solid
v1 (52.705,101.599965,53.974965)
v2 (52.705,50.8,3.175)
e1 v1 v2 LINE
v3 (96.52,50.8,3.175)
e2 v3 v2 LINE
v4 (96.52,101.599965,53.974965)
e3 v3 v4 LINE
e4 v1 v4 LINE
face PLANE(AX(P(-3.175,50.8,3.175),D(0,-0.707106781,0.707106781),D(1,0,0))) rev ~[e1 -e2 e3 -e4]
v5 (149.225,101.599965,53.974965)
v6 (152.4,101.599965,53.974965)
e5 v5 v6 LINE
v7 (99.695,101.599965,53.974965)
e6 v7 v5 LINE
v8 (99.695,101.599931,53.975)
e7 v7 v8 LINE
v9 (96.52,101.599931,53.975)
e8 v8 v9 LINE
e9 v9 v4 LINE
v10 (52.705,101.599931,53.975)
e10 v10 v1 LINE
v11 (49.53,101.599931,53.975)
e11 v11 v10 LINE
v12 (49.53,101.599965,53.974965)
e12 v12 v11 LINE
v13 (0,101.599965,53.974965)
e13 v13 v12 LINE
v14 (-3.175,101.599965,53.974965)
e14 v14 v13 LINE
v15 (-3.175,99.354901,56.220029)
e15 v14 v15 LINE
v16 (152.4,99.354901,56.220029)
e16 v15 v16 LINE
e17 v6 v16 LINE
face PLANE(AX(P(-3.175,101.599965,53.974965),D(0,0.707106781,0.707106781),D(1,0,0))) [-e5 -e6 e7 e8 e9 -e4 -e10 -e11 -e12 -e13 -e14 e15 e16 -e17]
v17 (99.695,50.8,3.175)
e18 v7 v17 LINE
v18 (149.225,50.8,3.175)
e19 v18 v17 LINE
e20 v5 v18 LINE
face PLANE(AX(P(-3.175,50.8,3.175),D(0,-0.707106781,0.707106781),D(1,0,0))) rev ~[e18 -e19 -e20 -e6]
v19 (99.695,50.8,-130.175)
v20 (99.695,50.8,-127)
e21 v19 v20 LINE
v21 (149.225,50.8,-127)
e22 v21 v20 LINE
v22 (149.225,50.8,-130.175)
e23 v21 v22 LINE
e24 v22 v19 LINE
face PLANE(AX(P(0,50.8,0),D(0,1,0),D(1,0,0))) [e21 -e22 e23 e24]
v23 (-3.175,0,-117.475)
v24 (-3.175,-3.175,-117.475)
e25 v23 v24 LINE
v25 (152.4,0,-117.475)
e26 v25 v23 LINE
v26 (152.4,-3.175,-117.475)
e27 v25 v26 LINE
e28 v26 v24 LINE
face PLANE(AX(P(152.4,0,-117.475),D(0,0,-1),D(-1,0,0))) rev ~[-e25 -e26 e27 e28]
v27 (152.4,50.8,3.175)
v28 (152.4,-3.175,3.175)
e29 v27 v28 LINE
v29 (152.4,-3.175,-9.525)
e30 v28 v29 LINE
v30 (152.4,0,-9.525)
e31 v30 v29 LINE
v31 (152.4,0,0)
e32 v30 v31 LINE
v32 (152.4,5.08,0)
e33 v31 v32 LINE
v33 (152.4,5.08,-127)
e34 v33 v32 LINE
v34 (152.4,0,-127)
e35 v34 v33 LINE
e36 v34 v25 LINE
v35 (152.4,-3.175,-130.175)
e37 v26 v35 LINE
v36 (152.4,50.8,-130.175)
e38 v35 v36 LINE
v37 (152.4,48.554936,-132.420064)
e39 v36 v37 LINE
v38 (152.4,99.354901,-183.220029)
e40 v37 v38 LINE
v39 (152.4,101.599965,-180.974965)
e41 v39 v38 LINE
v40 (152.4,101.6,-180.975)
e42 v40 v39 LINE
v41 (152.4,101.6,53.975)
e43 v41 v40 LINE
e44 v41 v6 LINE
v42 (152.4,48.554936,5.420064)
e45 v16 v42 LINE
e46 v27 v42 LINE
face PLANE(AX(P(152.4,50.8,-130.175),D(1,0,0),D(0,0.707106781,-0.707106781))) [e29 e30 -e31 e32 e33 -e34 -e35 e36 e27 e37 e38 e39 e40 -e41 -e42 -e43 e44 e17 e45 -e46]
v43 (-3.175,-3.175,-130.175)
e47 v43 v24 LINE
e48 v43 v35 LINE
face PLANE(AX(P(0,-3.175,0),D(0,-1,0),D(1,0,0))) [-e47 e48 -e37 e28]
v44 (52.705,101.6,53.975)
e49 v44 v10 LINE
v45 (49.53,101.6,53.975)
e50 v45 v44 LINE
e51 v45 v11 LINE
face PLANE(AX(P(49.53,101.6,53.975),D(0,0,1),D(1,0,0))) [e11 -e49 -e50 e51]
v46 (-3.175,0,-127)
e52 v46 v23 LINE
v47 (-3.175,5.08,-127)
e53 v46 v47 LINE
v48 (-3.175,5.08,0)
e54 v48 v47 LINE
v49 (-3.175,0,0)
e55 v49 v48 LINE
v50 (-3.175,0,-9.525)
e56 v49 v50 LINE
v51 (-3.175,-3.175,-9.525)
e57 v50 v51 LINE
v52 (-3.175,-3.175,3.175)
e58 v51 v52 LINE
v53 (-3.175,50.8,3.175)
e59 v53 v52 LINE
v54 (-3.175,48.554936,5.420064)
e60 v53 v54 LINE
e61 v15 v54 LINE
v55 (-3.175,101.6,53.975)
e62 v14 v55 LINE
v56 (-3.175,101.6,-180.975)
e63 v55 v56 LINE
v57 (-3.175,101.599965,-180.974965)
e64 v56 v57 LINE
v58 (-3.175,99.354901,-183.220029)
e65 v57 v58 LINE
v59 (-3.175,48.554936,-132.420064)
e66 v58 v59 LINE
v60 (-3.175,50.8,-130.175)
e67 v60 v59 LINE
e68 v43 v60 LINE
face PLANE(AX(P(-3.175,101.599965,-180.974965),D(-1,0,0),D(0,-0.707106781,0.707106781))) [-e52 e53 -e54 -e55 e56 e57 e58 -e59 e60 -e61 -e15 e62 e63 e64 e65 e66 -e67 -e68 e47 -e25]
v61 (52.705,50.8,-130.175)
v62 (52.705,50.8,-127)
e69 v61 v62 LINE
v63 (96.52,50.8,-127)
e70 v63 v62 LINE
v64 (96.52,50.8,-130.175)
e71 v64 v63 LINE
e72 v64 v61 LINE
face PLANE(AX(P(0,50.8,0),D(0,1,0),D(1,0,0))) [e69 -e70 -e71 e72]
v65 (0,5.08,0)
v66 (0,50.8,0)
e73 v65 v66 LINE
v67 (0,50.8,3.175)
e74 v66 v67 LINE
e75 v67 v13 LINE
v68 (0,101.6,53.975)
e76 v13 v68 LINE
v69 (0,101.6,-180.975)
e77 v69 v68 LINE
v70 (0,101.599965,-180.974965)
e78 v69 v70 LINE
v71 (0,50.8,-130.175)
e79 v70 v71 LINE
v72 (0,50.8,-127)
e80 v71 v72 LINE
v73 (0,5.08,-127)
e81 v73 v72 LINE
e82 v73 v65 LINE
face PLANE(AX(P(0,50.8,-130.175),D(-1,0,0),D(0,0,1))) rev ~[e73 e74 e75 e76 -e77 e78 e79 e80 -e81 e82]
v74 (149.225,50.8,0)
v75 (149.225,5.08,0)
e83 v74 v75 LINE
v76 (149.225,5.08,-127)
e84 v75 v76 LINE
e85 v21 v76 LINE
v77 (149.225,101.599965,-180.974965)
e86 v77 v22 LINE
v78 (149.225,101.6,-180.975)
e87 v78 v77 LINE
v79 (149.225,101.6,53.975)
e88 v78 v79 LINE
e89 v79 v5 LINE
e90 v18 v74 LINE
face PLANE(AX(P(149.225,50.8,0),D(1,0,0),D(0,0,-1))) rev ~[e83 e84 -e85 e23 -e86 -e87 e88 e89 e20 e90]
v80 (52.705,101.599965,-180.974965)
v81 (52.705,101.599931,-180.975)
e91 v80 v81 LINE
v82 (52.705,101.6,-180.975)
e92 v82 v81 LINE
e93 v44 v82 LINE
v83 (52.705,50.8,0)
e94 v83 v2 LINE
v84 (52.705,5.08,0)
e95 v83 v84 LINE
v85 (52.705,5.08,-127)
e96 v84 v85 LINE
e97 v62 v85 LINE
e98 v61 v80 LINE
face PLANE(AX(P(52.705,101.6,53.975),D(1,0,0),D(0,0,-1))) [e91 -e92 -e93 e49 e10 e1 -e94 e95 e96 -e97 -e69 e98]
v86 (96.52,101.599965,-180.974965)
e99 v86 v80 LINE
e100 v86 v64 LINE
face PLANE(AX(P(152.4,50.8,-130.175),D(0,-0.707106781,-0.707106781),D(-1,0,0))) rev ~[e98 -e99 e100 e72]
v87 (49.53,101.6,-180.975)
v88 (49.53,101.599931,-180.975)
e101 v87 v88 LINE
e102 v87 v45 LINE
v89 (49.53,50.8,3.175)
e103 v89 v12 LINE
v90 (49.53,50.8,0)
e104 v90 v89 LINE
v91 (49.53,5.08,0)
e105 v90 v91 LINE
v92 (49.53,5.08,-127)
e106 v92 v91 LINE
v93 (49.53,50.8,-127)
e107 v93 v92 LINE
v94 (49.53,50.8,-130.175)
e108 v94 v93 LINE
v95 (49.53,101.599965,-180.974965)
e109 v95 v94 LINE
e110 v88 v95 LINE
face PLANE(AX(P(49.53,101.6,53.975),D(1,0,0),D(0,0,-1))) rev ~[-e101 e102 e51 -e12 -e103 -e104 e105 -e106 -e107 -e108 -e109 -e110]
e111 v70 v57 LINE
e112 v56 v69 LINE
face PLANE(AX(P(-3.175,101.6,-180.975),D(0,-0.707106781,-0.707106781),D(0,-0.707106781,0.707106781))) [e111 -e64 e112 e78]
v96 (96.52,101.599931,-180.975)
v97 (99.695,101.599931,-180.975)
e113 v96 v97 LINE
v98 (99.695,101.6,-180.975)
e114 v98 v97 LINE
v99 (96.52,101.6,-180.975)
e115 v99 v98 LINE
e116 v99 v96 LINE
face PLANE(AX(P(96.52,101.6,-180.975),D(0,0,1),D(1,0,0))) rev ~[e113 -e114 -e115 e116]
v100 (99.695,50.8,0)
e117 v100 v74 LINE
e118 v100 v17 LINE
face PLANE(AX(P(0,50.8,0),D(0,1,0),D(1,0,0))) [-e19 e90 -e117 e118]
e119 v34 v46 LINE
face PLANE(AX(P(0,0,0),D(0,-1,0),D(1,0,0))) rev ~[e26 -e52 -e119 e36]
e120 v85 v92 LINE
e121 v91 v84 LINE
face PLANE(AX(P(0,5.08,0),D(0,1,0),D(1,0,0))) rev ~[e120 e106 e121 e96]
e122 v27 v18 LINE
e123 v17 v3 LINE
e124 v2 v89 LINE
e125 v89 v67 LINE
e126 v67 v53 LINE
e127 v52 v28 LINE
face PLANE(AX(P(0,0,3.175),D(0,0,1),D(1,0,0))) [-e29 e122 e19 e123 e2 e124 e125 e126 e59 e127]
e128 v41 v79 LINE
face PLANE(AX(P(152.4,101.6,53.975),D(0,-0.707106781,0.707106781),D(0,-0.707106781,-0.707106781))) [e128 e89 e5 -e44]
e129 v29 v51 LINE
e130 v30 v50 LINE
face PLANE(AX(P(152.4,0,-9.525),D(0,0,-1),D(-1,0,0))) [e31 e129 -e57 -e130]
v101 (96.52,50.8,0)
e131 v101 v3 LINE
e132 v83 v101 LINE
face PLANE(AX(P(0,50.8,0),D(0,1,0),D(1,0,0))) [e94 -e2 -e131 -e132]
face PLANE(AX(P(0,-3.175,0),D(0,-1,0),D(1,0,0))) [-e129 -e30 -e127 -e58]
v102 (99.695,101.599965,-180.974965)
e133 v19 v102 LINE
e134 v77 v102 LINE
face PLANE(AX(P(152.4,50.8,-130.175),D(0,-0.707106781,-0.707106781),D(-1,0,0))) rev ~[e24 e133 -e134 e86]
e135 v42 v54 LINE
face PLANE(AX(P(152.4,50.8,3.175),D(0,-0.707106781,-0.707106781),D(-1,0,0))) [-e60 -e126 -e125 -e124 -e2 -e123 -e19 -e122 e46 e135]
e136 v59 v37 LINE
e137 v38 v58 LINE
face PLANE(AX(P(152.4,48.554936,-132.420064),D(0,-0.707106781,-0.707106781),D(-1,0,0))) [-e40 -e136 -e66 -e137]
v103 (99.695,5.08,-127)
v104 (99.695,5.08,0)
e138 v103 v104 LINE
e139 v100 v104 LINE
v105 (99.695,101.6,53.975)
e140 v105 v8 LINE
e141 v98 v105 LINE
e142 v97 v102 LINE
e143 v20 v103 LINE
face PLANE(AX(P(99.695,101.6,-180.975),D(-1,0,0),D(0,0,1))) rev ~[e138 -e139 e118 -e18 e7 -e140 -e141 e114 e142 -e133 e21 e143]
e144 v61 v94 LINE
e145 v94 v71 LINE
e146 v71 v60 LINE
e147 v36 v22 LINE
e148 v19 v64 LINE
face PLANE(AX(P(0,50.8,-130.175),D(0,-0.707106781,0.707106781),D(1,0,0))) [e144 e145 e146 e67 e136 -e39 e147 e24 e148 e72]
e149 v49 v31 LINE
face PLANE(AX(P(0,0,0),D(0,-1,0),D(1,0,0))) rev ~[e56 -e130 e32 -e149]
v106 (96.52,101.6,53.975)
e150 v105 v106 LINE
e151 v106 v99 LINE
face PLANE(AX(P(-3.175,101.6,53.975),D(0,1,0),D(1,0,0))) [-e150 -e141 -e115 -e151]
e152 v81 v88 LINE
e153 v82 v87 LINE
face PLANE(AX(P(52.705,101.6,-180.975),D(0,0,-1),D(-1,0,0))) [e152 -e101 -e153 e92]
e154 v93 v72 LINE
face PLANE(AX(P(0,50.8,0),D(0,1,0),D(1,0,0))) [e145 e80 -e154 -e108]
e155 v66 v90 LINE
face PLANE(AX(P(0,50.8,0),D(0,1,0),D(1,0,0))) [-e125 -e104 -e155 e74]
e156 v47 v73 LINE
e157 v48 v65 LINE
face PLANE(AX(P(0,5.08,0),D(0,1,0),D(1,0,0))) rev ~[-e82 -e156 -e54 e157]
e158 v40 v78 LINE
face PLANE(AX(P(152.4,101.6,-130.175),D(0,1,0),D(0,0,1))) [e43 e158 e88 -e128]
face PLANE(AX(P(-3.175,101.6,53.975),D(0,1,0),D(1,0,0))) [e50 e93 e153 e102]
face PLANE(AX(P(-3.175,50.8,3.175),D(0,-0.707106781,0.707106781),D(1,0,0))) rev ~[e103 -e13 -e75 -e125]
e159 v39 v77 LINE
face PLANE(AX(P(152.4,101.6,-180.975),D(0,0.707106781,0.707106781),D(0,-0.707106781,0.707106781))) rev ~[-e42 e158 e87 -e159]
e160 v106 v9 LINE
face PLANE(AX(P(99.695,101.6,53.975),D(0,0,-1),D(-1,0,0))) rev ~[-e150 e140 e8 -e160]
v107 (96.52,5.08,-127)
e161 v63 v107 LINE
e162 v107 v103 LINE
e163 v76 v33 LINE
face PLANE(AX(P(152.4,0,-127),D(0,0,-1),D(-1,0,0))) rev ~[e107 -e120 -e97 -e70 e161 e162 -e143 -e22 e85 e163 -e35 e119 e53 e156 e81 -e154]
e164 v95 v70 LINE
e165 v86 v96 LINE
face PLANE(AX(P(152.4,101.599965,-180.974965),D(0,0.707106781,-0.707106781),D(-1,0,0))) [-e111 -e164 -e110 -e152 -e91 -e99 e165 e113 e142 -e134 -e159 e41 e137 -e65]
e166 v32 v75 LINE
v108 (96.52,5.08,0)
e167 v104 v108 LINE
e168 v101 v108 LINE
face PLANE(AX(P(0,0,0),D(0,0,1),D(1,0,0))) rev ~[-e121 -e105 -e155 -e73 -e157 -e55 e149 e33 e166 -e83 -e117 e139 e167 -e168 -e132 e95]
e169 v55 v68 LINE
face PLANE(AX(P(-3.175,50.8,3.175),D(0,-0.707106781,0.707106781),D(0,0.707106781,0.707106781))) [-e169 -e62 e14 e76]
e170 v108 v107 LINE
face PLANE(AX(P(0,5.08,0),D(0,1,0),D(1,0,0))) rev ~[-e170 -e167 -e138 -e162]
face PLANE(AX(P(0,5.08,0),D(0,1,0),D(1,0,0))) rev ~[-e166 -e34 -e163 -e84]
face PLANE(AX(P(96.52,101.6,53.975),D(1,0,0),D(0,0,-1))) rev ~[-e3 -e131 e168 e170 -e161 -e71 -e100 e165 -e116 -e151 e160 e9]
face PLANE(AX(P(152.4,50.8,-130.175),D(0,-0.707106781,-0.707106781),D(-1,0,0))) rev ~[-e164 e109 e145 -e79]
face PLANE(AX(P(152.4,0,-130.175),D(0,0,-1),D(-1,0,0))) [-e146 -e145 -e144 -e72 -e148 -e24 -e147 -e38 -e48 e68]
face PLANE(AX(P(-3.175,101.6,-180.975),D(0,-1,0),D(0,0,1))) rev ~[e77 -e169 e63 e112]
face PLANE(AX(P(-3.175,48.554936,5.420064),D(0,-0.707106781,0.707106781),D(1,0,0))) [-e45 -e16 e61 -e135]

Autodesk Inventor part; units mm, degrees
ref_plane "YZ Plane" through (0, 0, 0) normal (1, 0, 0) x (0, 1, 0)
ref_plane "XZ Plane" through (0, 0, 0) normal (0, 1, 0) x (-1, 0, 0)
ref_plane "XY Plane" through (0, 0, 0) normal (0, 0, 1) x (1, 0, 0)
sketch "Sketch1" plane through (0, 0, 0) normal (0, 1, 0) x (-1, 0, 0)
  line L0 (0, 0) -> (-152.4, 0)
  line L1 (-152.4, 0) -> (-152.4, -127)
  line L2 (-152.4, -127) -> (0, -127)
  line L3 (0, -127) -> (0, 0)
  line L4 (0, 0) -> (-152.4, 0)
  line L5 (-152.4, 0) -> (-152.4, 3.175)
  line L6 (-152.4, 3.175) -> (0, 3.175)
  line L7 (0, 3.175) -> (0, 0)
  line L8 (0, -127) -> (-152.4, -127)
  line L9 (-152.4, -127) -> (-152.4, -130.175)
  line L10 (-152.4, -130.175) -> (0, -130.175)
  line L11 (0, -130.175) -> (0, -127)
  dimension "d0" = 152.4
  dimension "d1" = 127
  dimension "d2" = 152.4
  dimension "d3" = 3.175
  dimension "d4" = 152.4
  dimension "d5" = 3.175
extrude "Extrusion1" add sketch "Sketch1" along normal blind 50.8 contours L0 L5 L6 L7 | L11 L10 L9 L2
sketch "Sketch2" plane through (0, 50.8, 0) normal (0, 1, 0) x (1, 0, 0)
  line L0 (0, -3.175) -> (152.4, -3.175) projected
  line L1 (0, -3.175) -> (-3.175, -3.175)
  line L2 (-3.175, -3.175) -> (-3.175, 130.175)
  line L3 (-3.175, 130.175) -> (0, 130.175)
  line L4 (0, 130.175) -> (0, -3.175)
  point P0 (0, 0)
  dimension "d8" = 3.175
  dimension "d9" = 133.35
extrude "Extrusion2" add sketch "Sketch2" against normal blind 45.72
sketch "Sketch3" plane through (0, 0, 3.175) normal (0, 0, 1) x (1, 0, 0)
  line L0 (-3.175, 5.08) -> (0, 5.08) projected
  line L1 (-3.175, 5.08) -> (0, 5.08)
  line L2 (0, 5.08) -> (0, 0)
  line L3 (0, 0) -> (-3.175, 0)
  line L4 (-3.175, 0) -> (-3.175, 5.08)
extrude "Extrusion3" add sketch "Sketch3" against normal blind 3.175
sketch "Sketch4" plane through (152.4, 0, -130.175) normal (0, 0, -1) x (-1, 0, 0)
  line L0 (152.4, 0) -> (155.575, 0)
  line L1 (155.575, 0) -> (155.575, 5.08)
  line L2 (155.575, 5.08) -> (152.4, 5.08)
  line L3 (152.4, 5.08) -> (152.4, 0)
extrude "Extrusion4" add sketch "Sketch4" against normal blind 3.175
sketch "Sketch5" plane through (0, 50.8, 0) normal (0, 1, 0) x (1, 0, 0)
  line L0 (152.4, -3.175) -> (152.4, 0) projected
  line L1 (0, 127) -> (152.4, 127) projected
  line L2 (152.4, 0) -> (149.225, 0)
  line L3 (149.225, 0) -> (149.225, 127)
  line L4 (149.225, 127) -> (152.4, 127)
  line L5 (152.4, 127) -> (152.4, 0)
  point P0 (0, 0)
  dimension "d16" = 3.175
extrude "Extrusion5" add sketch "Sketch5" against normal blind 45.72
sketch "Sketch7" plane through (0, 0, 0) normal (0, -1, 0) x (1, 0, 0)
  line L0 (-3.175, 3.175) -> (-3.175, 0) projected
  line L1 (152.4, -127) -> (152.4, 0) projected
  line L2 (-3.175, 3.175) -> (152.4, 3.175)
  line L3 (152.4, 3.175) -> (152.4, -9.525)
  line L4 (152.4, -9.525) -> (-3.175, -9.525)
  line L5 (-3.175, -9.525) -> (-3.175, 3.175)
  line L6 (-3.175, -130.175) -> (-3.175, 3.175) projected
  line L7 (-3.175, -130.175) -> (152.4, -130.175)
  line L8 (152.4, -130.175) -> (152.4, -117.475)
  line L9 (152.4, -117.475) -> (-3.175, -117.475)
  line L10 (-3.175, -117.475) -> (-3.175, -130.175)
  point P0 (0, 0)
  point P1 (-3.175, -117.475)
  dimension "d19" = 12.7
  dimension "d20" = 155.575
  dimension "d21" = 12.7
extrude "Extrusion6" add sketch "Sketch7" along normal blind 3.175 contours L2 L3 L1 L4 L5 L0 | L9 L1 L8 L7 L6
sketch "Sketch8" plane through (0, 50.8, 0) normal (0, 1, 0) x (1, 0, 0)
  line L0 (0, 0) -> (49.53, 0) construction
  line L1 (49.53, 0) -> (49.53, 127) construction
  line L2 (49.53, 127) -> (0, 127) construction
  line L3 (0, 127) -> (0, 0) construction
  line L4 (149.225, 0) -> (152.4, 0) construction
  line L5 (149.225, 0) -> (99.695, 0) construction
  line L6 (99.695, 0) -> (99.695, 127) construction
  line L7 (99.695, 127) -> (149.225, 127) construction
  line L8 (149.225, 127) -> (149.225, 0) construction
  line L9 (99.695, 0) -> (96.52, 0)
  line L10 (96.52, 0) -> (96.52, 127)
  line L11 (96.52, 127) -> (99.695, 127)
  line L12 (99.695, 127) -> (99.695, 0)
  line L13 (49.53, 0) -> (52.705, 0)
  line L14 (52.705, 0) -> (52.705, 127)
  line L15 (52.705, 127) -> (49.53, 127)
  line L16 (49.53, 127) -> (49.53, 0)
  dimension "d24" = 49.53
  dimension "d25" = 127
  dimension "d26" = 49.53
  dimension "d27" = 127
  dimension "d28" = 3.175
  dimension "d29" = 127
  dimension "d30" = 3.175
  dimension "d31" = 127
extrude "Extrusion7" add sketch "Sketch8" against normal blind 45.72
sketch "Sketch9" plane through (152.4, 50.8, 3.175) normal (1, 0, 0) x (0, 0, -1)
  line L0 (0, 0) -> (133.35, 0)
  line L1 (133.35, 0) -> (133.35, 50.8)
  line L2 (133.35, 50.8) -> (0, 50.8)
  line L3 (0, 50.8) -> (0, 0)
  line L4 (133.35, 50.8) -> (184.15, 50.8)
  line L5 (184.15, 50.8) -> (133.35, 0)
  line L6 (0, 50.8) -> (-50.8, 50.8)
  line L7 (0, 50.8) -> (50.8, 50.8) construction
  line L8 (-50.8, 50.8) -> (0, 0)
  point P0 (3.175, -50.8)
  dimension "d34" = 133.35
  dimension "d35" = 50.8
  dimension "d36" = 50.8
  dimension "d37" = 50.8
  dimension "d38" = 180
extrude "Extrusion8" add sketch "Sketch9" against normal blind 3.175
sketch "Sketch10" plane through (-3.175, 50.8, -130.175) normal (-1, 0, 0) x (0, 0, 1)
  line L0 (3.175, 0) -> (0, 0) projected
  line L1 (0, 0) -> (133.35, 0)
  line L2 (133.35, 0) -> (133.35, 50.8)
  line L3 (133.35, 50.8) -> (0, 50.8)
  line L4 (0, 50.8) -> (0, 0)
  line L5 (-50.8, 50.8) -> (184.15, 50.8) projected
  line L6 (0, 50.8) -> (-50.8, 50.8)
  line L7 (-50.8, 50.8) -> (0, 0)
  line L8 (133.35, 50.8) -> (184.15, 50.8)
  line L9 (133.35, 0) -> (184.15, 50.8)
  point P0 (130.175, -50.8)
  dimension "d41" = 133.35
  dimension "d42" = 50.8
extrude "Extrusion9" add sketch "Sketch10" against normal blind 3.175
sketch "Sketch11" plane through (-3.175, 50.8, 3.175) normal (0, -0.7071, 0.7071) x (1, 0, 0)
  line L0 (0, 71.842) -> (0, -94.2927) projected
  line L1 (155.575, 0) -> (155.575, -38.1661) projected
  line L2 (0, 71.842) -> (155.575, 71.842)
  line L3 (155.575, 71.842) -> (155.575, 0)
  line L4 (155.575, 0) -> (0, 0)
  line L5 (0, 0) -> (0, 71.842)
  point P0 (3.175, -38.1661)
  point P1 (0, 0)
extrude "Extrusion10" add sketch "Sketch11" along normal blind 3.175
sketch "Sketch12" plane through (152.4, 50.8, -130.175) normal (0, -0.7071, -0.7071) x (-1, 0, 0)
  line L0 (0, 0) -> (0, 71.842) projected
  line L1 (152.4, 0) -> (155.575, 0) projected
  line L2 (0, 71.842) -> (155.575, 71.842)
  line L3 (155.575, 71.842) -> (155.575, 0)
  line L4 (155.575, 0) -> (0, 0)
  line L5 (0, 0) -> (0, 71.842)
  point P0 (152.4, -127.9686)
extrude "Extrusion11" add sketch "Sketch12" along normal blind 3.175
sketch "Sketch13" plane through (-3.175, 101.6, 53.975) normal (0, 1, 0) x (1, 0, 0)
  line L0 (52.705, 180.975) -> (52.705, 53.975) construction
  line L1 (52.705, 53.975) -> (52.705, 0) construction
  line L2 (152.4, 0) -> (3.175, 0) construction
  line L3 (55.88, 53.975) -> (55.88, 180.975) construction
  line L4 (55.88, 180.975) -> (55.88, 234.95) construction
  line L5 (3.175, 234.95) -> (152.4, 234.95) construction
  line L6 (52.705, 0) -> (55.88, 0)
  line L7 (55.88, 0) -> (55.88, 234.95)
  line L8 (55.88, 234.95) -> (52.705, 234.95)
  line L9 (52.705, 234.95) -> (52.705, 0)
  point P0 (3.175, 53.975)
extrude "Extrusion12" add sketch "Sketch13" against normal blind 3.175
sketch "Sketch14" plane through (52.705, 101.6, 53.975) normal (1, 0, 0) x (0, 0, -1)
  line L0 (3.175, -3.175) -> (50.8, -50.8)
  line L1 (50.8, -50.8) -> (50.8, -3.175)
  line L2 (231.775, -3.175) -> (3.175, -3.175) projected
  point P0 (53.975, -101.6)
extrude "Extrusion13" add sketch "Sketch14" against normal blind 3.175
sketch "Sketch15" plane through (52.705, 101.6, 53.975) normal (1, 0, 0) x (0, 0, -1)
  line L0 (50.8, -50.8) -> (50.8, -3.175) projected
  line L1 (50.8, -3.175) -> (184.15, -3.175)
  line L2 (184.15, -3.175) -> (184.15, -50.8)
  line L3 (184.15, -50.8) -> (50.8, -50.8)
  line L4 (50.8, -50.8) -> (50.8, -3.175)
  line L5 (184.15, -50.8) -> (231.775, -3.175)
  line L6 (231.775, -3.175) -> (184.15, -3.175)
  line L7 (231.775, -3.175) -> (50.8, -3.175) projected
  point P0 (53.975, -101.6)
extrude "Extrusion14" add sketch "Sketch15" against normal blind 3.175
sketch "Sketch16" plane through (-3.175, 101.6, 53.975) normal (0, 1, 0) x (1, 0, 0)
  line L0 (152.4, 53.975) -> (102.87, 53.975) construction
  line L1 (102.87, 53.975) -> (102.87, 0) construction
  line L2 (152.4, 0) -> (55.88, 0) construction
  line L3 (55.88, 180.975) -> (99.695, 180.975) construction
  line L4 (99.695, 180.975) -> (99.695, 234.95) construction
  line L5 (55.88, 234.95) -> (152.4, 234.95) construction
  line L6 (102.87, 0) -> (99.695, 0)
  line L7 (99.695, 0) -> (99.695, 234.95)
  line L8 (99.695, 234.95) -> (102.87, 234.95)
  line L9 (102.87, 234.95) -> (102.87, 0)
  point P0 (3.175, 53.975)
extrude "Extrusion15" add sketch "Sketch16" against normal blind 3.175
sketch "Sketch17" plane through (99.695, 101.6, 53.975) normal (1, 0, 0) x (0, 0, -1)
  line L0 (231.775, -3.175) -> (3.175, -3.175) projected
  line L1 (3.175, -3.175) -> (50.8, -50.8)
  line L2 (50.8, -50.8) -> (50.8, -3.175)
  line L3 (50.8, -3.175) -> (3.175, -3.175)
  line L4 (50.8, -3.175) -> (184.15, -3.175)
  line L5 (184.15, -3.175) -> (184.15, -50.8)
  line L6 (184.15, -50.8) -> (50.8, -50.8)
  line L7 (50.8, -50.8) -> (50.8, -3.175)
  line L8 (184.15, -3.175) -> (231.775, -3.175)
  line L9 (184.15, -50.8) -> (231.775, -3.175)
  point P0 (53.975, -101.6)
extrude "Extrusion16" add sketch "Sketch17" against normal blind 3.175
properties part number "BeadCompartments_2"
